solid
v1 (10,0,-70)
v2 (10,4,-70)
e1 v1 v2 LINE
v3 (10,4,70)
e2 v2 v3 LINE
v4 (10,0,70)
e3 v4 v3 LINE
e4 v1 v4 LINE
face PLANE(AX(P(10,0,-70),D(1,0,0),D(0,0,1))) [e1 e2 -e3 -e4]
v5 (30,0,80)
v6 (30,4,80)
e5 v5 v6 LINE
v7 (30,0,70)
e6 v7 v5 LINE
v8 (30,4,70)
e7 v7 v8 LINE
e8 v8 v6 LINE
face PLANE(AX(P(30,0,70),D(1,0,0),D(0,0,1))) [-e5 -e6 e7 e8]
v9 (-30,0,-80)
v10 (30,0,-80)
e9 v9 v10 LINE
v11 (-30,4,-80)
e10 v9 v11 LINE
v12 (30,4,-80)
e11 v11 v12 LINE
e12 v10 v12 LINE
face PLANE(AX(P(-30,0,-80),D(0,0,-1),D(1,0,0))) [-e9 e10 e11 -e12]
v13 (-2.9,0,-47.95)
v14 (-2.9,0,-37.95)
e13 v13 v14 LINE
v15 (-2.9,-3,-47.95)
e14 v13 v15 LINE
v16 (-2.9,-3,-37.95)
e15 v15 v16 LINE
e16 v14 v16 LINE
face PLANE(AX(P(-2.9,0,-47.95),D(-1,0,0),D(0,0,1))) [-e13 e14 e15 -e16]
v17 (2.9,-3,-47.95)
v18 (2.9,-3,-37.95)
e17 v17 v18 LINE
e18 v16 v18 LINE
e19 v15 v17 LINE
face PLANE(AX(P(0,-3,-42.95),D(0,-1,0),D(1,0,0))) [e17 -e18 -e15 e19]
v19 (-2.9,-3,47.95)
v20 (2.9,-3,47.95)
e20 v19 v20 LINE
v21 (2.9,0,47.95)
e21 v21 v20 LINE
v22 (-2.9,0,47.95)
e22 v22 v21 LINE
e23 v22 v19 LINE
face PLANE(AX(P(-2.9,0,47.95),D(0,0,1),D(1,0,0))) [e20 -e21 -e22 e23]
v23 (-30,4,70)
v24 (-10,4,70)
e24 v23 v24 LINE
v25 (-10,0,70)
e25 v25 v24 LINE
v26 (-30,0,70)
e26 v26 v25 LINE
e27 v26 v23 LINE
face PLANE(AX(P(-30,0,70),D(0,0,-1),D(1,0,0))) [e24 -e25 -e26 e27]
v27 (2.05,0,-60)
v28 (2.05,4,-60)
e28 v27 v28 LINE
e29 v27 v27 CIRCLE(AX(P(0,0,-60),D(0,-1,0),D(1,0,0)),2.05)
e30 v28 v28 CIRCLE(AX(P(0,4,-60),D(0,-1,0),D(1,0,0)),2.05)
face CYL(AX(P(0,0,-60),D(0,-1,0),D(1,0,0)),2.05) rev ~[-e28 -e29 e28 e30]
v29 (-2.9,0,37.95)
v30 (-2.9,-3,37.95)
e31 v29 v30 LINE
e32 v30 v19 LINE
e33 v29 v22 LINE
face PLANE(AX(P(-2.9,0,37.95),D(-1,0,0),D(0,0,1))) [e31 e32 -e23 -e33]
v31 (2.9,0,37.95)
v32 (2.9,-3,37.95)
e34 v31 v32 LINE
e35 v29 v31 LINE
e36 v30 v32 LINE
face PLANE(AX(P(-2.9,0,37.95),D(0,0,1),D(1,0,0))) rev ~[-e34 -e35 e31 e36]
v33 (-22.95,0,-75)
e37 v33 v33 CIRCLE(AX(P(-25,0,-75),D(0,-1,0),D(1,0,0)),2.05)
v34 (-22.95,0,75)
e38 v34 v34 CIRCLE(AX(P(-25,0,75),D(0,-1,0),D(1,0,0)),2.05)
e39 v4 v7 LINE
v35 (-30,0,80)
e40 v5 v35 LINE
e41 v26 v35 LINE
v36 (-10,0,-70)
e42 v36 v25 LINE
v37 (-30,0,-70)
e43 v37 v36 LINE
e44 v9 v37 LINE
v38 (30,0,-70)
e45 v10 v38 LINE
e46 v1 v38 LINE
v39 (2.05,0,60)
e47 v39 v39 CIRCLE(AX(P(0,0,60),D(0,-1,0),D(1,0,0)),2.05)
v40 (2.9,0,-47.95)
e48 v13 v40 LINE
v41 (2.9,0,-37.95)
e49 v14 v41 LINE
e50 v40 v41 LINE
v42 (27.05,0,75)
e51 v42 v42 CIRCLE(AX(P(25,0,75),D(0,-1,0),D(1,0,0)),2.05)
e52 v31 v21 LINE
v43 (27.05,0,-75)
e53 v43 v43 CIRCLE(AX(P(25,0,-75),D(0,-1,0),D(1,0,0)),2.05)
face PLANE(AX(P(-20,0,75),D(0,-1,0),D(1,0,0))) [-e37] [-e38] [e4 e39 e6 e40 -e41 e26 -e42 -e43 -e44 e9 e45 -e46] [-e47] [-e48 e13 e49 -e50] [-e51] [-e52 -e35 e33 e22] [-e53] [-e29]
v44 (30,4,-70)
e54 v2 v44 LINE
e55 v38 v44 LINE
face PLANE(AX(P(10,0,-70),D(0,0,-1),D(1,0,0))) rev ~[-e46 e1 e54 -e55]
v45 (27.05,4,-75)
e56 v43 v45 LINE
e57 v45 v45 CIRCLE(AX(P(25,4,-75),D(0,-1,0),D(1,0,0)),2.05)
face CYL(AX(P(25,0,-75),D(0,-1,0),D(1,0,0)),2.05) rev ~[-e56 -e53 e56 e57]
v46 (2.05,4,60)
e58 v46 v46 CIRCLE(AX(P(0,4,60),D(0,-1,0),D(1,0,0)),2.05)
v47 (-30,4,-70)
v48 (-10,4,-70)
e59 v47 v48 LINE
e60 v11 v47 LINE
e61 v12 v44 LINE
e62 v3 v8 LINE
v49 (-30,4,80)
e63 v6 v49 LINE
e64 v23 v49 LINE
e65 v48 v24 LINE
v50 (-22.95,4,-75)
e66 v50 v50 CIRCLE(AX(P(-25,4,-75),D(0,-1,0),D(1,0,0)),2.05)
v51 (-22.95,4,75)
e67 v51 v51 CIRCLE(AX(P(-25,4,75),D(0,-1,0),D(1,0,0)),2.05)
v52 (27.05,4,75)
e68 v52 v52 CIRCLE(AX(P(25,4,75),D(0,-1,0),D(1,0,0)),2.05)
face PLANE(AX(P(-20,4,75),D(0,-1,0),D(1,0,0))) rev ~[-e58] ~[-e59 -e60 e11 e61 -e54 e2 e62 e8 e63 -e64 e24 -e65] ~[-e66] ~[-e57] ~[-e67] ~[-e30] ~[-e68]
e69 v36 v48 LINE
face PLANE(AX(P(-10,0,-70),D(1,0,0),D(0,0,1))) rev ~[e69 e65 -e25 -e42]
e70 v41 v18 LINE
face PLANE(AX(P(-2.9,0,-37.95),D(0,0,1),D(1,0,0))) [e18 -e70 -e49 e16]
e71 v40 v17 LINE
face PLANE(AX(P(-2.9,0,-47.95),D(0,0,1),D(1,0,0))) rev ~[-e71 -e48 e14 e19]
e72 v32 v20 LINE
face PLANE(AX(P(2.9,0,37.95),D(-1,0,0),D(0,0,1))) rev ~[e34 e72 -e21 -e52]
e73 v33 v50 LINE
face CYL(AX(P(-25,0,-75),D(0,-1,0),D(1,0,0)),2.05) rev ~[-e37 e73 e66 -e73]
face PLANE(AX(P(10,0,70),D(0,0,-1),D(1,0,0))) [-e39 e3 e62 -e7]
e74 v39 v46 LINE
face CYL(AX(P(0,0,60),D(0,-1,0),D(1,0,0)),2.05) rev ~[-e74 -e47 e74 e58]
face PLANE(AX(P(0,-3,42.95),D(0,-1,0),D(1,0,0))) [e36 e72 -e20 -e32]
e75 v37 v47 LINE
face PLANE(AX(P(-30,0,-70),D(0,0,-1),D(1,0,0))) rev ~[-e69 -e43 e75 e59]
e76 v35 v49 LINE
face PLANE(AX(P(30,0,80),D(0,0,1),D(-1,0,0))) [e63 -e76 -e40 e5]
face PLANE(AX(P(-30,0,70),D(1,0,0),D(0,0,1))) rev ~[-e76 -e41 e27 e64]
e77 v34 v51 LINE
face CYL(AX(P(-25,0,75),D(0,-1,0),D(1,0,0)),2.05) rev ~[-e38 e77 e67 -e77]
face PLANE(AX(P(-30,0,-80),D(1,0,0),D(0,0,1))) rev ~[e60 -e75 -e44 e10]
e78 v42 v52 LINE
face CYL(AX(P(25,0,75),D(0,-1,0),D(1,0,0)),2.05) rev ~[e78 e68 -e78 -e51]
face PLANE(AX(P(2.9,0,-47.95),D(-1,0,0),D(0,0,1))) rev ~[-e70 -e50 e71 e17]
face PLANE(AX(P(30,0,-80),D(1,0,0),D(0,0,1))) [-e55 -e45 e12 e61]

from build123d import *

# Parameters (mm, degrees)
F0_W     = 20
F0_H     = 10
F0_R     = 2.05
F0_H_2   = 140
F0_W_2   = 5.8
F1_DEPTH = 4
F2_DEPTH = 3


with BuildPart() as f1:
    # F0 (on Front) → F1 (new body)
    with BuildSketch(Plane.XZ):
        with Locations((-20, 75)):
            Rectangle(F0_W, F0_H)
        with Locations((-25, 75)):
            Circle(F0_R, mode=Mode.SUBTRACT)
        with Locations((20, 75)):
            Rectangle(F0_W, F0_H)
        with Locations((25, 75)):
            Circle(F0_R, mode=Mode.SUBTRACT)
        with Locations((0, 75)):
            Rectangle(F0_W, F0_H)
        Rectangle(F0_W, F0_H_2)
        with Locations((0, -60)):
            Circle(F0_R, mode=Mode.SUBTRACT)
        with Locations((0, -42.95)):
            Rectangle(F0_W_2, F0_H, mode=Mode.SUBTRACT)
        with Locations((0, 42.95)):
            Rectangle(F0_W_2, F0_H, mode=Mode.SUBTRACT)
        with Locations((0, 60)):
            Circle(F0_R, mode=Mode.SUBTRACT)
        with Locations((-20, -75)):
            Rectangle(F0_W, F0_H)
        with Locations((-25, -75)):
            Circle(F0_R, mode=Mode.SUBTRACT)
        with Locations((0, -75)):
            Rectangle(F0_W, F0_H)
        with Locations((20, -75)):
            Rectangle(F0_W, F0_H)
        with Locations((25, -75)):
            Circle(F0_R, mode=Mode.SUBTRACT)
        with Locations((0, 42.95)):
            Rectangle(F0_W_2, F0_H)
        with Locations((0, -42.95)):
            Rectangle(F0_W_2, F0_H)
    extrude(amount=-F1_DEPTH)

    # F0 (on Front) → F2 (join)
    with BuildSketch(Plane.XZ):
        with Locations((0, 42.95)):
            Rectangle(F0_W_2, F0_H)
        with Locations((0, -42.95)):
            Rectangle(F0_W_2, F0_H)
    extrude(amount=F2_DEPTH)


solid = f1.part
